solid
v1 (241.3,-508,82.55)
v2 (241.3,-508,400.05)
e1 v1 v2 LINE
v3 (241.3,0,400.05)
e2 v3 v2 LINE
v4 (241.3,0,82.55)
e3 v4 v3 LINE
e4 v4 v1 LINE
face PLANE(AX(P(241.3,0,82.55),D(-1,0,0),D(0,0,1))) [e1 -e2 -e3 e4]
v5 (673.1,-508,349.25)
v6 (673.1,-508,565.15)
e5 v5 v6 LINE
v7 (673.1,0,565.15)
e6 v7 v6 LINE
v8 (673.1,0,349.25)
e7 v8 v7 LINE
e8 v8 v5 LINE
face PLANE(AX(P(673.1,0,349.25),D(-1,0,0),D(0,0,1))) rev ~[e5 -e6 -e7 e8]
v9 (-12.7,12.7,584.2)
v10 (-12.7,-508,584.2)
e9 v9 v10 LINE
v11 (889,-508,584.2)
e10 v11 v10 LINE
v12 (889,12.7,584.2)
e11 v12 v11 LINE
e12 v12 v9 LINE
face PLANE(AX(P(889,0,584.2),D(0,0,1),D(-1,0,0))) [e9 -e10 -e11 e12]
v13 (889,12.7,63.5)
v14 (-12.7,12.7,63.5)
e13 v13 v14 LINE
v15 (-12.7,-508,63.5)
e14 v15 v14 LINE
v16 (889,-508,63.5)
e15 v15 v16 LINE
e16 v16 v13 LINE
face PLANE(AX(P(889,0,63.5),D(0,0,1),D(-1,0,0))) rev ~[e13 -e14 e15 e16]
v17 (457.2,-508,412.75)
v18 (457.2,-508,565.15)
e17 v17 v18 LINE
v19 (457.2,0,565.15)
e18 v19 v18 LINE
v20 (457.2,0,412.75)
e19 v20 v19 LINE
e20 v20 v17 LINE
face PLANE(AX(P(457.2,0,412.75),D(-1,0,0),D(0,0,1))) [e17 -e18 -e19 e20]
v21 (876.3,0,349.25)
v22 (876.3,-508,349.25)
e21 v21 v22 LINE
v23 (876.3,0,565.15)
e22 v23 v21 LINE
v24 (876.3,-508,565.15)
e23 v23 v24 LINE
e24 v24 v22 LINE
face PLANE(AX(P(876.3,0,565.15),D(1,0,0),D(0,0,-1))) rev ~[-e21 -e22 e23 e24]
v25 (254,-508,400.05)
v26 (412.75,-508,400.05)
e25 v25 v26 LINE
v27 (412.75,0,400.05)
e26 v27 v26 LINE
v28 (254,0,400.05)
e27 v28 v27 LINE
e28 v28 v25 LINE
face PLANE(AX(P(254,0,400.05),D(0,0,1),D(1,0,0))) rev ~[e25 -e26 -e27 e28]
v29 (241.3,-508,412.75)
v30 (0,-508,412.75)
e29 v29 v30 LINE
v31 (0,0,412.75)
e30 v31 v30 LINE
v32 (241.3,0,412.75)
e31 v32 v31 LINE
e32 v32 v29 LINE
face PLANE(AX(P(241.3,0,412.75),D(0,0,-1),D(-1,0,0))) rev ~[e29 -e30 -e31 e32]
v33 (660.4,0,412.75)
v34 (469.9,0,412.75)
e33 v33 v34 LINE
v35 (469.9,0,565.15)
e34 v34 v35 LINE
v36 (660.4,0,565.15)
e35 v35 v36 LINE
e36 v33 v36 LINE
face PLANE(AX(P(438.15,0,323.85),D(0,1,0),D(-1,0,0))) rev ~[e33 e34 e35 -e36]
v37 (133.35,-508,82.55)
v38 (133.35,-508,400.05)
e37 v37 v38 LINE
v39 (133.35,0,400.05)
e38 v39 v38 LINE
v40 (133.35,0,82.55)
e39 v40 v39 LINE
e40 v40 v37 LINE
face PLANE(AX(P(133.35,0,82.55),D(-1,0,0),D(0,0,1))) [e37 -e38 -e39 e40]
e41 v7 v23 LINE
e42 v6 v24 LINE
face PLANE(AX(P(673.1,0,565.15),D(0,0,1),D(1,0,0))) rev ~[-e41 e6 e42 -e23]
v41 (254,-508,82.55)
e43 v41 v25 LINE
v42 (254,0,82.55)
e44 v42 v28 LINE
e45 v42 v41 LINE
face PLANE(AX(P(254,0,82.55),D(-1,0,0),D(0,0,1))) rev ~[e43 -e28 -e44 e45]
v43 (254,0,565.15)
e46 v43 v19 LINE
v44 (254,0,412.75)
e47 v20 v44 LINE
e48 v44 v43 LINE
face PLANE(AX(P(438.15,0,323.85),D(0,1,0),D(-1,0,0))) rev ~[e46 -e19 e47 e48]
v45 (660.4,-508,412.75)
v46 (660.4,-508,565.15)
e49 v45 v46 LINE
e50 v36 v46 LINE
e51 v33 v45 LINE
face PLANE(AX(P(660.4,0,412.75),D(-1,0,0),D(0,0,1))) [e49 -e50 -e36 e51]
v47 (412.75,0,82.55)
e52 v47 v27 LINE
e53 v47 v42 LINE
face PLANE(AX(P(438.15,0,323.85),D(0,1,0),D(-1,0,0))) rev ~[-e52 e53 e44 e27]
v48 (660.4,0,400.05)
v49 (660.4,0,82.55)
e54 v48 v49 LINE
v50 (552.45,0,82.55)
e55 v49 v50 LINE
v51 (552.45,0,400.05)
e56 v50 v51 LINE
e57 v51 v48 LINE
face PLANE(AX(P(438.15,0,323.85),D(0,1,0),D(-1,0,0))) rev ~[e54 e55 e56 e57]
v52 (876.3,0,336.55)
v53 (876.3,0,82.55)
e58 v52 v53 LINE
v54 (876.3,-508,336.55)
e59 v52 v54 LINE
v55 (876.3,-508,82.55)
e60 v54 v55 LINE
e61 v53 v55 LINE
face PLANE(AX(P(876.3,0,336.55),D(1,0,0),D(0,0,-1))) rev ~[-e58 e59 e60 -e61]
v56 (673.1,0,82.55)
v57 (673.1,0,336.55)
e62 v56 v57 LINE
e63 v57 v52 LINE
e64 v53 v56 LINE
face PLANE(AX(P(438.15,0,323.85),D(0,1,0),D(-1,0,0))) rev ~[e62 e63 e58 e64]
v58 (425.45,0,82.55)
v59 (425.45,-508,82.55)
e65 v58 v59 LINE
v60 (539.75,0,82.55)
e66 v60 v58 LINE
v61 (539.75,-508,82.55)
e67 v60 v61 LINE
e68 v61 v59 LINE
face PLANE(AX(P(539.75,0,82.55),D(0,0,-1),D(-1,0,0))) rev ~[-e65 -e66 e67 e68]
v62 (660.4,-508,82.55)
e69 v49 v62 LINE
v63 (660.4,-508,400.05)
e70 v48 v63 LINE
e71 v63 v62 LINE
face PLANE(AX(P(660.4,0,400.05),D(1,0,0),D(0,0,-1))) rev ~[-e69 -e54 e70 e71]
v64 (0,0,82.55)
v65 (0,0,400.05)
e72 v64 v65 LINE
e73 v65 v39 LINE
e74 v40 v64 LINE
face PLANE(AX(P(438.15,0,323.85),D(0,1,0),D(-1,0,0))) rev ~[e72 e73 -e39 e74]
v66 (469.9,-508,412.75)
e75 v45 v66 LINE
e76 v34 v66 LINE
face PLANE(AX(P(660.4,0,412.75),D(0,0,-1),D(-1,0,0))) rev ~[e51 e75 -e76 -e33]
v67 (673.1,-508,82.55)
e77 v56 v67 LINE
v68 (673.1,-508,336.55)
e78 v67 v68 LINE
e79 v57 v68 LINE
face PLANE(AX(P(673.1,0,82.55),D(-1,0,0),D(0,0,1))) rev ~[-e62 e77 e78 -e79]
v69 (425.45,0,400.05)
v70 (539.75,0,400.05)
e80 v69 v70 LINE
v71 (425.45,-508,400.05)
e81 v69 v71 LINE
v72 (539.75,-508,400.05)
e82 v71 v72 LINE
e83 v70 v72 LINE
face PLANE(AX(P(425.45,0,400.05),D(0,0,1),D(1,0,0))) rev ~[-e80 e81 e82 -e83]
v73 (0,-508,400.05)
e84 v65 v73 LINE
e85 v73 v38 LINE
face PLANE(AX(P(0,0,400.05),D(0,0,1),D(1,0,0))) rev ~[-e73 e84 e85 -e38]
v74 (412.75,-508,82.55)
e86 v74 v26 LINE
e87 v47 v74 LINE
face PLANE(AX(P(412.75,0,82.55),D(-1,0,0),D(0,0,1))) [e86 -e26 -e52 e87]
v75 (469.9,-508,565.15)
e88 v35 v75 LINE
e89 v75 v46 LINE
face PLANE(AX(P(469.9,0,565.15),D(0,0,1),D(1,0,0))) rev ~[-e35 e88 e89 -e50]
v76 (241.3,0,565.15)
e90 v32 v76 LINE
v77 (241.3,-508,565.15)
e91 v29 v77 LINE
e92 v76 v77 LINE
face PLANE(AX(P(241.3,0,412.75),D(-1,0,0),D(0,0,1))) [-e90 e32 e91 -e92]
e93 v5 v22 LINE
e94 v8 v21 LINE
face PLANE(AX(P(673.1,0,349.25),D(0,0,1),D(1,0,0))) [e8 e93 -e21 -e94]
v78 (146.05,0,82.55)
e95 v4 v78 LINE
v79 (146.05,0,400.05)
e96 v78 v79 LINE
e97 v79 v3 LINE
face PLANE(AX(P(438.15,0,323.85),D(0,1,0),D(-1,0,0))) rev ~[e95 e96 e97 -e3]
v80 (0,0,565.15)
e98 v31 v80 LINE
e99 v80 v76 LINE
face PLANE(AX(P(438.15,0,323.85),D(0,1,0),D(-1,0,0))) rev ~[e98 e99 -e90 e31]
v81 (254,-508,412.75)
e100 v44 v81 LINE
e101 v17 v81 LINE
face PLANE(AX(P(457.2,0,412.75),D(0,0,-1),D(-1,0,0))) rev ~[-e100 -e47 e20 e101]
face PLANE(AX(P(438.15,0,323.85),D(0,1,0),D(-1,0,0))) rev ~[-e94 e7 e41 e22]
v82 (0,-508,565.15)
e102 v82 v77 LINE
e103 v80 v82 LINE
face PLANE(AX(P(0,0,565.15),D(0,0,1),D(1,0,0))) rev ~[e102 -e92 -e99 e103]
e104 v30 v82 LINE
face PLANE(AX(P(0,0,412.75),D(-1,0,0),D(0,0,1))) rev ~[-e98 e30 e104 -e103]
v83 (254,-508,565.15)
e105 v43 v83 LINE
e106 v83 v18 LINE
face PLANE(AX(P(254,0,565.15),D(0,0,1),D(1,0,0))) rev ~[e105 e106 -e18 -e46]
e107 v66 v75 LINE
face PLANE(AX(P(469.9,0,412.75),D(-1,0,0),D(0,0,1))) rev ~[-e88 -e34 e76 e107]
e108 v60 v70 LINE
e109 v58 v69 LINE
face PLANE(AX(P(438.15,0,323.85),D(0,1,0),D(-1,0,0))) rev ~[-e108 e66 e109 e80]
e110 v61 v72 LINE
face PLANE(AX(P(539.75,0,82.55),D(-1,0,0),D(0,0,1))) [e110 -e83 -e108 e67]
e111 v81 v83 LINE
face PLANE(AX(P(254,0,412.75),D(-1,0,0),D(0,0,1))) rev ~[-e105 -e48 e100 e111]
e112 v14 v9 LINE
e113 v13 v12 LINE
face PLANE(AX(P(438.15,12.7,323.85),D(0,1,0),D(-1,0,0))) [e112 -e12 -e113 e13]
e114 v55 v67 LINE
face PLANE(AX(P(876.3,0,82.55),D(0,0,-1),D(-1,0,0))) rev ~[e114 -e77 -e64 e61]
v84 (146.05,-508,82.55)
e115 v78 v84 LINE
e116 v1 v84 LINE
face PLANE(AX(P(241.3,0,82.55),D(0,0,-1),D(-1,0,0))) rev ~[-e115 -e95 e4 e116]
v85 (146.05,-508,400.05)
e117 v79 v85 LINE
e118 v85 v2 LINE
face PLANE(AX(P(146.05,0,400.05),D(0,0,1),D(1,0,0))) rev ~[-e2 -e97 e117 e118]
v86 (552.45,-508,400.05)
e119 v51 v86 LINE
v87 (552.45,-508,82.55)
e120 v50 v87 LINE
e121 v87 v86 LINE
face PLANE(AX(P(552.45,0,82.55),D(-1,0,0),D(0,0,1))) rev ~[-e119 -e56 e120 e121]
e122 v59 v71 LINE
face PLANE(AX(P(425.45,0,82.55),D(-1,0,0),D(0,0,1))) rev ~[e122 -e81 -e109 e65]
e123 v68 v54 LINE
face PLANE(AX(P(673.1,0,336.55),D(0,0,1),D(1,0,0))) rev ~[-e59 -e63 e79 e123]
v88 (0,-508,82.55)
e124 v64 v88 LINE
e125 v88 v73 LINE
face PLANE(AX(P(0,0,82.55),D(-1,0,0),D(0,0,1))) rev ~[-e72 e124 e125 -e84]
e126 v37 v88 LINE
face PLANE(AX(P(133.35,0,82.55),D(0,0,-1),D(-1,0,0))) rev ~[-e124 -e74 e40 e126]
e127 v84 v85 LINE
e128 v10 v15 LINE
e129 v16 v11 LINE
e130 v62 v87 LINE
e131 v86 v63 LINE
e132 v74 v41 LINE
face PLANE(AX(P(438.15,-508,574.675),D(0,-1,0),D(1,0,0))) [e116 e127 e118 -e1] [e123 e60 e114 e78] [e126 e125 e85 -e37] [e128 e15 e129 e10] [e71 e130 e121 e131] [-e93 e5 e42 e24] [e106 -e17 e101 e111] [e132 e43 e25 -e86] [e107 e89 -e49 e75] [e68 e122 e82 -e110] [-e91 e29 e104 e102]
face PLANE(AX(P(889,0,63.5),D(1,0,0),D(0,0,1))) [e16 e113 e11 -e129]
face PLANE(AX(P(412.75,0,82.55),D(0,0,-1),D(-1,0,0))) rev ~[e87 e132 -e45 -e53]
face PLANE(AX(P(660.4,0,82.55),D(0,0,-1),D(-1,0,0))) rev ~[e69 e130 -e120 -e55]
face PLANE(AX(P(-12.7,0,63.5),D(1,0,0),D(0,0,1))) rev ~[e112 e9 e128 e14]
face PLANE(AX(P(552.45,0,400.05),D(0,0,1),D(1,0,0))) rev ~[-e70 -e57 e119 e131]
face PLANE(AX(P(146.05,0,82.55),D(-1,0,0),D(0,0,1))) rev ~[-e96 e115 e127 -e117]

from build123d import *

# Parameters (mm, degrees)
F0_W     = 12.7
F0_H     = 152.4
F0_H_2   = 317.5
F0_W_2   = 203.2
F0_H_3   = 12.7
F1_DEPTH = 508
F2_W     = 901.7
F2_H     = 520.7
F3_DEPTH = 12.7


with BuildPart() as f1:
    # F0 (on Front) → F1 (new body)
    with BuildSketch(Plane.XZ):
        Polygon((-12.7, 584.2), (-12.7, 565.15), (0, 565.15), (241.3, 565.15), (254, 565.15), (457.2, 565.15), (469.9, 565.15), (660.4, 565.15), (673.1, 565.15), (876.3, 565.15), (889, 565.15), (889, 584.2), align=None)
        with Locations((247.65, 488.95)):
            Rectangle(F0_W, F0_H)
        Polygon((-12.7, 565.15), (-12.7, 82.55), (0, 82.55), (0, 400.05), (0, 412.75), (0, 565.15), align=None)
        Polygon((0, 412.75), (0, 400.05), (133.35, 400.05), (146.05, 400.05), (241.3, 400.05), (254, 400.05), (412.75, 400.05), (425.45, 400.05), (539.75, 400.05), (552.45, 400.05), (660.4, 400.05), (673.1, 400.05), (673.1, 412.75), (660.4, 412.75), (469.9, 412.75), (457.2, 412.75), (254, 412.75), (241.3, 412.75), align=None)
        with Locations((139.7, 241.3)):
            Rectangle(F0_W, F0_H_2)
        with Locations((247.65, 241.3)):
            Rectangle(F0_W, F0_H_2)
        Polygon((0, 82.55), (-12.7, 82.55), (-12.7, 63.5), (889, 63.5), (889, 82.55), (876.3, 82.55), (673.1, 82.55), (660.4, 82.55), (552.45, 82.55), (539.75, 82.55), (425.45, 82.55), (412.75, 82.55), (254, 82.55), (241.3, 82.55), (146.05, 82.55), (133.35, 82.55), align=None)
        with Locations((419.1, 241.3)):
            Rectangle(F0_W, F0_H_2)
        with Locations((463.55, 488.95)):
            Rectangle(F0_W, F0_H)
        with Locations((546.1, 241.3)):
            Rectangle(F0_W, F0_H_2)
        Polygon((660.4, 82.55), (673.1, 82.55), (673.1, 336.55), (673.1, 349.25), (673.1, 400.05), (660.4, 400.05), align=None)
        with Locations((774.7, 342.9)):
            Rectangle(F0_W_2, F0_H_3)
        Polygon((876.3, 82.55), (889, 82.55), (889, 565.15), (876.3, 565.15), (876.3, 349.25), (876.3, 336.55), align=None)
        with Locations((666.75, 488.95)):
            Rectangle(F0_W, F0_H)
    extrude(amount=F1_DEPTH)

    # F2 (on face) → F3 (join)
    with BuildSketch(Plane(origin=(0, 0, 0), x_dir=(-1, 0, 0), z_dir=(0, 1, 0))):
        with Locations((-438.15, 323.85)):
            Rectangle(F2_W, F2_H)
    extrude(amount=F3_DEPTH)


solid = f1.part
